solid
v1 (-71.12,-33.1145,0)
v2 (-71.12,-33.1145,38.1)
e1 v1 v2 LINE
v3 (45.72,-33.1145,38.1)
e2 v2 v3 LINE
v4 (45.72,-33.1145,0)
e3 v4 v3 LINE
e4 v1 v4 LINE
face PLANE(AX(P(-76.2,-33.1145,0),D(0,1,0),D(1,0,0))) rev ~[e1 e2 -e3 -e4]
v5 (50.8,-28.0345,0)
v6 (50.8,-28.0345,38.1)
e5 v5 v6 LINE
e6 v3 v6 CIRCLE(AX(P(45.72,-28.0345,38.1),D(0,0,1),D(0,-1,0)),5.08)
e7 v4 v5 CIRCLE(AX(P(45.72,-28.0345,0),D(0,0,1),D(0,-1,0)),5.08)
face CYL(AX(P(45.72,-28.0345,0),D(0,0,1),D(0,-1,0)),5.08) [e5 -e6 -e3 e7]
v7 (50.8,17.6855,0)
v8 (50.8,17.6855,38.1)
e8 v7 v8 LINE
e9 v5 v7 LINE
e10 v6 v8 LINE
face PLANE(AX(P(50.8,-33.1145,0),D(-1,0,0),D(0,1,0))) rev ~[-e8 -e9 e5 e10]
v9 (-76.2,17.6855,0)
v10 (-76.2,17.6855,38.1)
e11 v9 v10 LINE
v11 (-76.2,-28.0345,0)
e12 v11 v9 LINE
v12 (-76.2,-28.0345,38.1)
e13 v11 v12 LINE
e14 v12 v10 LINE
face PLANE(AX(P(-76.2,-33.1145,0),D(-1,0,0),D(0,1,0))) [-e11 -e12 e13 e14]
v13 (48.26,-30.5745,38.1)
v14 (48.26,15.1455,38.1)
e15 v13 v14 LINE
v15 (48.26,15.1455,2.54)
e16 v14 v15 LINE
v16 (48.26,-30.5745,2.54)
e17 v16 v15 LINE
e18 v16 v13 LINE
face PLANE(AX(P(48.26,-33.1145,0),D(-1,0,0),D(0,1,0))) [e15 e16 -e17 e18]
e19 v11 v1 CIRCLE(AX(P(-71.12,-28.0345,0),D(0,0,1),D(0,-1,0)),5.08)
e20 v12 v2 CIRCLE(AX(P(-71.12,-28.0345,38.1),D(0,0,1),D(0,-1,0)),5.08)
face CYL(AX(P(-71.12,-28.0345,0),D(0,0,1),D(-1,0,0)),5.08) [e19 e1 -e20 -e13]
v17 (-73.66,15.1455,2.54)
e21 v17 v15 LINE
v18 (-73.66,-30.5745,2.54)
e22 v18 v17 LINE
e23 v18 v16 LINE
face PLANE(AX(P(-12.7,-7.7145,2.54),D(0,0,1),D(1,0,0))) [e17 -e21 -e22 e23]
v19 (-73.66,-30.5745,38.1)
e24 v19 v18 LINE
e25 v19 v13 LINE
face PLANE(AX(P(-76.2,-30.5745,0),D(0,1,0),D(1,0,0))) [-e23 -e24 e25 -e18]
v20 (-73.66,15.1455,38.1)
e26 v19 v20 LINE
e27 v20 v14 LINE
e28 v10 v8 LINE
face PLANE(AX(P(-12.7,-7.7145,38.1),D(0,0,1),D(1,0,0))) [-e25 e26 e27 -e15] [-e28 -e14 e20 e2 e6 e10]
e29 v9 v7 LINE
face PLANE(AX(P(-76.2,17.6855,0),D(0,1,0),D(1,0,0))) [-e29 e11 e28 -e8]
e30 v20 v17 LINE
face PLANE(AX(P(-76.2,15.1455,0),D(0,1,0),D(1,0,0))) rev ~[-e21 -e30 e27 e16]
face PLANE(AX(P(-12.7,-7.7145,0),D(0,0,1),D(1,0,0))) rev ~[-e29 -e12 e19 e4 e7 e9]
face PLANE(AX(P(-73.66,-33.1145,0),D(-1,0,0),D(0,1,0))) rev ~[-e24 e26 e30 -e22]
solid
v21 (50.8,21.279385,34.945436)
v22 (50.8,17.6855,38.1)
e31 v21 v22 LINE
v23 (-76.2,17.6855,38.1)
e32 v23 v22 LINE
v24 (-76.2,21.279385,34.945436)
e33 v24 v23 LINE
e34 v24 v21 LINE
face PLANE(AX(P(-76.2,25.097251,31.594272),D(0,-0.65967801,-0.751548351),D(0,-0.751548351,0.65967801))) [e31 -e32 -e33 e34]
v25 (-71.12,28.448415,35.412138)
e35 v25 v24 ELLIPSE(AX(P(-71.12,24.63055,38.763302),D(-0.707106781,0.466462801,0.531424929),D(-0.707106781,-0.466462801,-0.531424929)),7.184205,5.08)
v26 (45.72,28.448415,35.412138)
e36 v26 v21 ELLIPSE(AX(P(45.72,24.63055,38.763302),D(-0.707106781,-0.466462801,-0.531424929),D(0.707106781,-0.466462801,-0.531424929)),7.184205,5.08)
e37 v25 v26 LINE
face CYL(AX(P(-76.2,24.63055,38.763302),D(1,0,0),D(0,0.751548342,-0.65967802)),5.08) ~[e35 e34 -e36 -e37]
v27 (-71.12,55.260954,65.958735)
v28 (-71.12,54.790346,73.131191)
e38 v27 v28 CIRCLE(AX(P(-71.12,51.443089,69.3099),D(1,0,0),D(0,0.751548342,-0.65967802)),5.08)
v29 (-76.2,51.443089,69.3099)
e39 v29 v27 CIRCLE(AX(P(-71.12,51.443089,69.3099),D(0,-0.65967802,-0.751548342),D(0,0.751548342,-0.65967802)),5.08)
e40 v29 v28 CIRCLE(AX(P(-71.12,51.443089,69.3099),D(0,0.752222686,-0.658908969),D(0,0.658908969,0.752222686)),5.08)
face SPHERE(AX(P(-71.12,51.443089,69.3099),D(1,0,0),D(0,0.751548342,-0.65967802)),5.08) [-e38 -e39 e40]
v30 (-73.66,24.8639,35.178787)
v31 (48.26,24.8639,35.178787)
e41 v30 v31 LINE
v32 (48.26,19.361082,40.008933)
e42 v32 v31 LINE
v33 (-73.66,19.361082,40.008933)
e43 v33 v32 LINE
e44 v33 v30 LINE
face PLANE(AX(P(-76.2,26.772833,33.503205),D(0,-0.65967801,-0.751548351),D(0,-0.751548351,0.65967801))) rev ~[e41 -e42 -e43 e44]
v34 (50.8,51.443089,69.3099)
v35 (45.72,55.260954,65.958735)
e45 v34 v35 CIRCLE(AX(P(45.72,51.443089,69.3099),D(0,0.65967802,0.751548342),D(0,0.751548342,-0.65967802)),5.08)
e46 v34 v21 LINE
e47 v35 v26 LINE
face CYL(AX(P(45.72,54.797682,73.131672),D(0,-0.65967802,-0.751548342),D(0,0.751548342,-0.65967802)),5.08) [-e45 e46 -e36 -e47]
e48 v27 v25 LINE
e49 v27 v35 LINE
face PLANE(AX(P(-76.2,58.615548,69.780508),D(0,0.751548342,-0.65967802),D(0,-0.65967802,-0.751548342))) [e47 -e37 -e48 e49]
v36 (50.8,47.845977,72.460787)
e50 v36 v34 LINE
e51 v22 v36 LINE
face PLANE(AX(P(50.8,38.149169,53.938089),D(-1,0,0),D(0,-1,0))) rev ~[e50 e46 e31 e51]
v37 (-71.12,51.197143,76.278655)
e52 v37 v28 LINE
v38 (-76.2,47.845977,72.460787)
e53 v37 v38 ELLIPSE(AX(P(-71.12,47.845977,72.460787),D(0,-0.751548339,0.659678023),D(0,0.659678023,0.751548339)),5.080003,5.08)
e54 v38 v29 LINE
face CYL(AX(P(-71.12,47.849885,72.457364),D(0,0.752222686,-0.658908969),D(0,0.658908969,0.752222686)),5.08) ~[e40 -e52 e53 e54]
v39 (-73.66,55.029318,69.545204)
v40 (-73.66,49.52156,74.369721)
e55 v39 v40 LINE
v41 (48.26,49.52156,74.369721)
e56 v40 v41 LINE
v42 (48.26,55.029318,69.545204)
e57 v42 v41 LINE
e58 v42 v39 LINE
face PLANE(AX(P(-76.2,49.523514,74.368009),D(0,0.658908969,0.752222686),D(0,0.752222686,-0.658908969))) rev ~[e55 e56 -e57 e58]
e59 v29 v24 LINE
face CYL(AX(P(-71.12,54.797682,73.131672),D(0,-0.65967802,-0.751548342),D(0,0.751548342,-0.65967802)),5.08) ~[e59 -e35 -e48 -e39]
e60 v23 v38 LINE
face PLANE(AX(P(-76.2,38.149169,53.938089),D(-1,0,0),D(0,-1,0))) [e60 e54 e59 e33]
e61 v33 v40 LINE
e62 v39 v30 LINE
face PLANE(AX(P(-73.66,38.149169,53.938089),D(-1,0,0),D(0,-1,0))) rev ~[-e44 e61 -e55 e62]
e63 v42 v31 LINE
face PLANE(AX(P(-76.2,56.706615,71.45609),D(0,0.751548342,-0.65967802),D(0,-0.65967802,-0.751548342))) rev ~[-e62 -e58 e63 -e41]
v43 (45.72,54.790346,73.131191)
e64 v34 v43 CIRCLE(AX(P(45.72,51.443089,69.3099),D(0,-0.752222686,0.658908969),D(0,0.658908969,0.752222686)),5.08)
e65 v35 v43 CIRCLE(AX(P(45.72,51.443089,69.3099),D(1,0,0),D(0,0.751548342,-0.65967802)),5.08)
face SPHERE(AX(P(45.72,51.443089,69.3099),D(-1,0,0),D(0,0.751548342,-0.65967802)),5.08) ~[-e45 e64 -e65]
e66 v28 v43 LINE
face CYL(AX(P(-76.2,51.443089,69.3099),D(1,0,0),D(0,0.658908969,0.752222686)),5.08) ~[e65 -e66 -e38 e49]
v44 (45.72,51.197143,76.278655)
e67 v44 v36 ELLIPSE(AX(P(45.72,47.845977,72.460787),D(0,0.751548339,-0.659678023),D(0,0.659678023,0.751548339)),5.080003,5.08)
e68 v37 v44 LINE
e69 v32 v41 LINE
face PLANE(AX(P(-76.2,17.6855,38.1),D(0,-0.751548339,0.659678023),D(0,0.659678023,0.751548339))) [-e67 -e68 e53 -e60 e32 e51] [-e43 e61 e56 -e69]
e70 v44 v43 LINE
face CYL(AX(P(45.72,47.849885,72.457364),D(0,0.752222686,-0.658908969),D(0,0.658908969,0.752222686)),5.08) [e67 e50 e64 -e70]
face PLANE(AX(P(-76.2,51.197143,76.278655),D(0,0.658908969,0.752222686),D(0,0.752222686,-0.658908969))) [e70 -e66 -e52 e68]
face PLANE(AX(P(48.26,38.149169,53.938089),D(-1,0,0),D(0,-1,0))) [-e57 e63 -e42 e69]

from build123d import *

# Parameters (mm, degrees)
F0_W     = 127
F0_H     = 50.8
F1_DEPTH = 38.1
F2_T     = -2.54
F4_DEPTH = 127
F5_T     = -2.54
F6_R     = 5.08
F6_2_R   = 5.08


with BuildPart() as f1:
    # F0 (on Top) → F1 (new body)
    with BuildSketch(Plane.XY):
        with Locations((-12.7, -7.7145)):
            Rectangle(F0_W, F0_H)
    extrude(amount=F1_DEPTH)

    # F2
    f2_openings = [f1.faces().sort_by_distance(p)[0] for p in [
        (-12.7, -7.7145, 38.1),
    ]]
    offset(amount=F2_T, openings=f2_openings)

    # F6
    f6_edges = [f1.edges().sort_by_distance(p)[0] for p in [
        (-76.2, -33.1145, 19.05),
        (50.8, -33.1145, 19.05),
    ]]
    fillet(f6_edges, radius=F6_R)


with BuildPart() as f4:
    # F3 (on face) → F4 (new body)
    with BuildSketch(Plane(origin=(-76.2, 0, 0), x_dir=(0, -1, 0), z_dir=(-1, 0, 0))):
        Polygon((-25.097251, 31.594272), (-17.6855, 38.1), (-51.197143, 76.278655), (-58.615548, 69.780508), align=None)
    extrude(amount=-F4_DEPTH)

    # F5
    f5_openings = [f4.faces().sort_by_distance(p)[0] for p in [
        (-12.7, 34.441321, 57.189328),
    ]]
    offset(amount=F5_T, openings=f5_openings)

    # F6#2
    f6_2_edges = [f4.edges().sort_by_distance(p)[0] for p in [
        (-12.7, 58.615548, 69.780508),
        (50.8, 41.856399, 50.68739),
        (50.8, 54.906346, 73.029582),
        (-76.2, 41.856399, 50.68739),
        (-76.2, 54.906346, 73.029582),
        (-12.7, 25.097251, 31.594272),
    ]]
    fillet(f6_2_edges, radius=F6_2_R)


solid = Compound([f1.part, f4.part])
